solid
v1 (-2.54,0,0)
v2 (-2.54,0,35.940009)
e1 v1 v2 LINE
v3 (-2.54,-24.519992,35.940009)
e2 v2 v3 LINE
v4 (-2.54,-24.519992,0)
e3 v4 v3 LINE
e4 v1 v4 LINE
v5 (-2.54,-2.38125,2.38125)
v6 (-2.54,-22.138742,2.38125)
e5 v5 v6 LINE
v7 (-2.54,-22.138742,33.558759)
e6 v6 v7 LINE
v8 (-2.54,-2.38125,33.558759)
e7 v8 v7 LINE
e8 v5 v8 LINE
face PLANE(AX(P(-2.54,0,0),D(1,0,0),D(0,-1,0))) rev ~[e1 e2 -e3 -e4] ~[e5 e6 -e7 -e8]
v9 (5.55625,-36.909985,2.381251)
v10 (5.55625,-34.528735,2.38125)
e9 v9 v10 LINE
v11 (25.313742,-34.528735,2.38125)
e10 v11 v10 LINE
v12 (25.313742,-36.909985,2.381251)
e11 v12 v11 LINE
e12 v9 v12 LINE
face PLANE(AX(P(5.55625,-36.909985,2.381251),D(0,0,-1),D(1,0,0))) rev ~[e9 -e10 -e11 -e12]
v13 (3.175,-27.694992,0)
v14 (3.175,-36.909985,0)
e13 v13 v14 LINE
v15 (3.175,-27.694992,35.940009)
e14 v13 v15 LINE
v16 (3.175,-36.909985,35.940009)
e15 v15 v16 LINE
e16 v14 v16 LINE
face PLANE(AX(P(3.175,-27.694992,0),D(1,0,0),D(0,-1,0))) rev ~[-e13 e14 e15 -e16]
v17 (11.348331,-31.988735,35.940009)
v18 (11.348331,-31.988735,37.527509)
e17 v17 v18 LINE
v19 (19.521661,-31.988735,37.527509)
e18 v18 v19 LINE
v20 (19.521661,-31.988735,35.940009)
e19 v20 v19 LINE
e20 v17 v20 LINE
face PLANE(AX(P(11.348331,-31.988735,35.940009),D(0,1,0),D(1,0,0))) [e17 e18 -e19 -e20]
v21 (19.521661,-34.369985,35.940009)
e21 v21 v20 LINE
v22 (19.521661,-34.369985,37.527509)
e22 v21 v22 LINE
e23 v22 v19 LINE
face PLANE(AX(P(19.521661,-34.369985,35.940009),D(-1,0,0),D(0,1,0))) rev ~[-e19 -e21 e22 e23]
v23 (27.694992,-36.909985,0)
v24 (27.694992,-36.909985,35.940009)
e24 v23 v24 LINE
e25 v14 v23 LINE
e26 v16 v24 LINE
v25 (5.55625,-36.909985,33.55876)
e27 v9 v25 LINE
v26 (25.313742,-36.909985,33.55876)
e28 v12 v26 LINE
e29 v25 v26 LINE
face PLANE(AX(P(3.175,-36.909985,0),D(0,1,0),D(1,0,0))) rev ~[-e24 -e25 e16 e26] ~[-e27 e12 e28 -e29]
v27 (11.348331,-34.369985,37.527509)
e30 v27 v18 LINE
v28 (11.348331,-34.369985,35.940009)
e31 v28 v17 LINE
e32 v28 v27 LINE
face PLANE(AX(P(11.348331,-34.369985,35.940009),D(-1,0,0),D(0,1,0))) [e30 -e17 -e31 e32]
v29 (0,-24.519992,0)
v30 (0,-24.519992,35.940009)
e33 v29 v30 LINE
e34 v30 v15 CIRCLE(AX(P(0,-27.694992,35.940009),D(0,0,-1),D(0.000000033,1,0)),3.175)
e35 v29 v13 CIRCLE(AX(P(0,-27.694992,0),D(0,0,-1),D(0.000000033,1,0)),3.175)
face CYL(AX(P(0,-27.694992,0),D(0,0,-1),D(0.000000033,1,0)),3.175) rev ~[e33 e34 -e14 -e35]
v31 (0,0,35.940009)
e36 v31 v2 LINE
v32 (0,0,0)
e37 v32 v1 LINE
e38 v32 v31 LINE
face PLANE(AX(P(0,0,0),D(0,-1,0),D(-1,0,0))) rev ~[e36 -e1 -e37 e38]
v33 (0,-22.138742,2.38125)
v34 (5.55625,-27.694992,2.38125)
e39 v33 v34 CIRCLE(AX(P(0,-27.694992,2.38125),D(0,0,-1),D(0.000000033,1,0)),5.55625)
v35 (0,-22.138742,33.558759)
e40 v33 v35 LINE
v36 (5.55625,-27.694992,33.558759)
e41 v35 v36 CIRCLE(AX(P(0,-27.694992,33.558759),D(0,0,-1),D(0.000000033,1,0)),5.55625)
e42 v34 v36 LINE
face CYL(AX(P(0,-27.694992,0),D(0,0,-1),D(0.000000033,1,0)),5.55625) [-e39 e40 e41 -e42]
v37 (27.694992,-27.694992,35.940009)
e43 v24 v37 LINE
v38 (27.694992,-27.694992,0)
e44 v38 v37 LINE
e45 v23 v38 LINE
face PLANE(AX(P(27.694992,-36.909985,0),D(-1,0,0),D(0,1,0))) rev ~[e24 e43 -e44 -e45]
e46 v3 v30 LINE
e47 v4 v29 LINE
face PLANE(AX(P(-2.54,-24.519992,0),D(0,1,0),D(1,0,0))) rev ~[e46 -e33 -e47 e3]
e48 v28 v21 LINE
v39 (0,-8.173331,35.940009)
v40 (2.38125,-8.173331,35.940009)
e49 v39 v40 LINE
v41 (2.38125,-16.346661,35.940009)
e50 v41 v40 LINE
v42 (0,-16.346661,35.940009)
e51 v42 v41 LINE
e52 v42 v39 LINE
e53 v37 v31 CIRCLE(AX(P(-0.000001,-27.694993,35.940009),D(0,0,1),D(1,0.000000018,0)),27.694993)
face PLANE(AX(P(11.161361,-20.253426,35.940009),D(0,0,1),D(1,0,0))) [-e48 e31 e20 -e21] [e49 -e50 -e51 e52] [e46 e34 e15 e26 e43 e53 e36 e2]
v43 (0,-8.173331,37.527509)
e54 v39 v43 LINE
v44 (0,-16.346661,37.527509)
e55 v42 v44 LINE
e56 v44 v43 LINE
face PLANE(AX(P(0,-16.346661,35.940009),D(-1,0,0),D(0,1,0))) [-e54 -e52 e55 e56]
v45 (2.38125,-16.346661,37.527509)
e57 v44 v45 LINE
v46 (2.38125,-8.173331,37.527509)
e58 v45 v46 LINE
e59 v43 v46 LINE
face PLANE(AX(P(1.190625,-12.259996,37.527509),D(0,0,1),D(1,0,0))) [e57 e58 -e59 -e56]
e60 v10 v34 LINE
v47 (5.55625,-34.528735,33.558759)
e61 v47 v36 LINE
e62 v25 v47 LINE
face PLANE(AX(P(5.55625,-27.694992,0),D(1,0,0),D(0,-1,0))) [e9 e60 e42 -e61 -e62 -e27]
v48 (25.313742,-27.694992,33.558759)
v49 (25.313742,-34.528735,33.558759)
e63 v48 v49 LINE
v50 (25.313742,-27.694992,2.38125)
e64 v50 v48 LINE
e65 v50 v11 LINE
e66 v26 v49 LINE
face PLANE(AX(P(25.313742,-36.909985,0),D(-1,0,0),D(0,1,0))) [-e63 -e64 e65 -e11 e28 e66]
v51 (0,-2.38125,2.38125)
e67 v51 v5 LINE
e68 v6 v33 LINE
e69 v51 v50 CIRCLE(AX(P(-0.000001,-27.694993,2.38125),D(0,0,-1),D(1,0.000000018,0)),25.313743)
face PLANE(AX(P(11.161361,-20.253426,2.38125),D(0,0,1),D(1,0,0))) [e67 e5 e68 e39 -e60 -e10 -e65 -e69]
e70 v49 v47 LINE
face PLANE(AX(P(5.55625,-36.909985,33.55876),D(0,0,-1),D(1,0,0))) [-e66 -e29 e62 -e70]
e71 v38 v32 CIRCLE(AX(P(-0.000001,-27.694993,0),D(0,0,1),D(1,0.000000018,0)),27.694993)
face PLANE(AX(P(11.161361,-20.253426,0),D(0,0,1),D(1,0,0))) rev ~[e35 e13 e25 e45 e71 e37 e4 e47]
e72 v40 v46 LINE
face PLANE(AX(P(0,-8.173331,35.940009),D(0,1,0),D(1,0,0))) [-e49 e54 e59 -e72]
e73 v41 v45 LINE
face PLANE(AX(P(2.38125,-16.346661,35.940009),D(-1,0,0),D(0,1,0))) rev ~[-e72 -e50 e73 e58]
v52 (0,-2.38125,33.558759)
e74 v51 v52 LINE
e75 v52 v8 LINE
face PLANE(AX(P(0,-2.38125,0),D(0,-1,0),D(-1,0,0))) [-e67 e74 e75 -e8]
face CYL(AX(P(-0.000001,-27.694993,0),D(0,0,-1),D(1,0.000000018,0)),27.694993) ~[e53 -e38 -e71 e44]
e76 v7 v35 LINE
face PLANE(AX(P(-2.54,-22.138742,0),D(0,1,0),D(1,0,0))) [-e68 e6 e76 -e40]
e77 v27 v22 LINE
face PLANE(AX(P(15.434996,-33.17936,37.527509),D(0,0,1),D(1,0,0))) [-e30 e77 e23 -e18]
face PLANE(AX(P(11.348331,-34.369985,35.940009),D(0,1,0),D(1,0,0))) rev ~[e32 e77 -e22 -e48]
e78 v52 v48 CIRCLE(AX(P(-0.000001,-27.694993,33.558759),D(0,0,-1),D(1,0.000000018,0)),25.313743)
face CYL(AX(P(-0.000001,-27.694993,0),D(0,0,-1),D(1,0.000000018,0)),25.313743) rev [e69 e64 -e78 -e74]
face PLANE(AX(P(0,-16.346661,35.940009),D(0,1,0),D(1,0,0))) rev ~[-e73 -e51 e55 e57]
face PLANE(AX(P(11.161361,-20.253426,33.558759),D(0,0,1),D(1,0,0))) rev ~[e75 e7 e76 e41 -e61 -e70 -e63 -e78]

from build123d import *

# Parameters (mm, degrees)
F1_DEPTH = 35.940009
F2_T     = -2.38125
F3_W     = 19.757492
F3_H     = 31.177509
F4_DEPTH = 2.38125
F5_W     = 2.38125
F5_H     = 8.17333
F5_W_2   = 8.17333
F5_H_2   = 2.38125
F6_DEPTH = 1.5875


with BuildPart() as f1:
    # F0 (on Top) → F1 (new body)
    with BuildSketch(Plane.XY):
        with BuildLine():
            ThreePointArc((27.694992, -27.694992), (19.583316, -8.111675), (0, 0))
            Line((0, 0), (-2.54, 0))
            Line((-2.54, 0), (-2.54, -24.519992))
            Line((-2.54, -24.519992), (0, -24.519992))
            ThreePointArc((0, -24.519992), (2.245064, -25.449928), (3.175, -27.694992))
            Line((3.175, -27.694992), (3.175, -36.909985))
            Line((3.175, -36.909985), (27.694992, -36.909985))
            Line((27.694992, -36.909985), (27.694992, -27.694992))
        make_face()
    extrude(amount=F1_DEPTH)

    # F2
    f2_openings = [f1.faces().sort_by_distance(p)[0] for p in [
        (-2.54, -12.259996, 17.970005),
    ]]
    offset(amount=F2_T, openings=f2_openings)

    # F3 (on face) → F4 (cut)
    with BuildSketch(Plane.XZ.offset(36.909985)):
        with Locations((15.434996, 17.970005)):
            Rectangle(F3_W, F3_H)
    extrude(amount=-F4_DEPTH, mode=Mode.SUBTRACT)

    # F5 (on face) → F6 (join)
    with BuildSketch(Plane.XY.offset(35.940009)):
        with Locations((1.190625, -12.259996)):
            Rectangle(F5_W, F5_H)
        with Locations((15.434996, -33.17936)):
            Rectangle(F5_W_2, F5_H_2)
    extrude(amount=F6_DEPTH)


solid = f1.part
